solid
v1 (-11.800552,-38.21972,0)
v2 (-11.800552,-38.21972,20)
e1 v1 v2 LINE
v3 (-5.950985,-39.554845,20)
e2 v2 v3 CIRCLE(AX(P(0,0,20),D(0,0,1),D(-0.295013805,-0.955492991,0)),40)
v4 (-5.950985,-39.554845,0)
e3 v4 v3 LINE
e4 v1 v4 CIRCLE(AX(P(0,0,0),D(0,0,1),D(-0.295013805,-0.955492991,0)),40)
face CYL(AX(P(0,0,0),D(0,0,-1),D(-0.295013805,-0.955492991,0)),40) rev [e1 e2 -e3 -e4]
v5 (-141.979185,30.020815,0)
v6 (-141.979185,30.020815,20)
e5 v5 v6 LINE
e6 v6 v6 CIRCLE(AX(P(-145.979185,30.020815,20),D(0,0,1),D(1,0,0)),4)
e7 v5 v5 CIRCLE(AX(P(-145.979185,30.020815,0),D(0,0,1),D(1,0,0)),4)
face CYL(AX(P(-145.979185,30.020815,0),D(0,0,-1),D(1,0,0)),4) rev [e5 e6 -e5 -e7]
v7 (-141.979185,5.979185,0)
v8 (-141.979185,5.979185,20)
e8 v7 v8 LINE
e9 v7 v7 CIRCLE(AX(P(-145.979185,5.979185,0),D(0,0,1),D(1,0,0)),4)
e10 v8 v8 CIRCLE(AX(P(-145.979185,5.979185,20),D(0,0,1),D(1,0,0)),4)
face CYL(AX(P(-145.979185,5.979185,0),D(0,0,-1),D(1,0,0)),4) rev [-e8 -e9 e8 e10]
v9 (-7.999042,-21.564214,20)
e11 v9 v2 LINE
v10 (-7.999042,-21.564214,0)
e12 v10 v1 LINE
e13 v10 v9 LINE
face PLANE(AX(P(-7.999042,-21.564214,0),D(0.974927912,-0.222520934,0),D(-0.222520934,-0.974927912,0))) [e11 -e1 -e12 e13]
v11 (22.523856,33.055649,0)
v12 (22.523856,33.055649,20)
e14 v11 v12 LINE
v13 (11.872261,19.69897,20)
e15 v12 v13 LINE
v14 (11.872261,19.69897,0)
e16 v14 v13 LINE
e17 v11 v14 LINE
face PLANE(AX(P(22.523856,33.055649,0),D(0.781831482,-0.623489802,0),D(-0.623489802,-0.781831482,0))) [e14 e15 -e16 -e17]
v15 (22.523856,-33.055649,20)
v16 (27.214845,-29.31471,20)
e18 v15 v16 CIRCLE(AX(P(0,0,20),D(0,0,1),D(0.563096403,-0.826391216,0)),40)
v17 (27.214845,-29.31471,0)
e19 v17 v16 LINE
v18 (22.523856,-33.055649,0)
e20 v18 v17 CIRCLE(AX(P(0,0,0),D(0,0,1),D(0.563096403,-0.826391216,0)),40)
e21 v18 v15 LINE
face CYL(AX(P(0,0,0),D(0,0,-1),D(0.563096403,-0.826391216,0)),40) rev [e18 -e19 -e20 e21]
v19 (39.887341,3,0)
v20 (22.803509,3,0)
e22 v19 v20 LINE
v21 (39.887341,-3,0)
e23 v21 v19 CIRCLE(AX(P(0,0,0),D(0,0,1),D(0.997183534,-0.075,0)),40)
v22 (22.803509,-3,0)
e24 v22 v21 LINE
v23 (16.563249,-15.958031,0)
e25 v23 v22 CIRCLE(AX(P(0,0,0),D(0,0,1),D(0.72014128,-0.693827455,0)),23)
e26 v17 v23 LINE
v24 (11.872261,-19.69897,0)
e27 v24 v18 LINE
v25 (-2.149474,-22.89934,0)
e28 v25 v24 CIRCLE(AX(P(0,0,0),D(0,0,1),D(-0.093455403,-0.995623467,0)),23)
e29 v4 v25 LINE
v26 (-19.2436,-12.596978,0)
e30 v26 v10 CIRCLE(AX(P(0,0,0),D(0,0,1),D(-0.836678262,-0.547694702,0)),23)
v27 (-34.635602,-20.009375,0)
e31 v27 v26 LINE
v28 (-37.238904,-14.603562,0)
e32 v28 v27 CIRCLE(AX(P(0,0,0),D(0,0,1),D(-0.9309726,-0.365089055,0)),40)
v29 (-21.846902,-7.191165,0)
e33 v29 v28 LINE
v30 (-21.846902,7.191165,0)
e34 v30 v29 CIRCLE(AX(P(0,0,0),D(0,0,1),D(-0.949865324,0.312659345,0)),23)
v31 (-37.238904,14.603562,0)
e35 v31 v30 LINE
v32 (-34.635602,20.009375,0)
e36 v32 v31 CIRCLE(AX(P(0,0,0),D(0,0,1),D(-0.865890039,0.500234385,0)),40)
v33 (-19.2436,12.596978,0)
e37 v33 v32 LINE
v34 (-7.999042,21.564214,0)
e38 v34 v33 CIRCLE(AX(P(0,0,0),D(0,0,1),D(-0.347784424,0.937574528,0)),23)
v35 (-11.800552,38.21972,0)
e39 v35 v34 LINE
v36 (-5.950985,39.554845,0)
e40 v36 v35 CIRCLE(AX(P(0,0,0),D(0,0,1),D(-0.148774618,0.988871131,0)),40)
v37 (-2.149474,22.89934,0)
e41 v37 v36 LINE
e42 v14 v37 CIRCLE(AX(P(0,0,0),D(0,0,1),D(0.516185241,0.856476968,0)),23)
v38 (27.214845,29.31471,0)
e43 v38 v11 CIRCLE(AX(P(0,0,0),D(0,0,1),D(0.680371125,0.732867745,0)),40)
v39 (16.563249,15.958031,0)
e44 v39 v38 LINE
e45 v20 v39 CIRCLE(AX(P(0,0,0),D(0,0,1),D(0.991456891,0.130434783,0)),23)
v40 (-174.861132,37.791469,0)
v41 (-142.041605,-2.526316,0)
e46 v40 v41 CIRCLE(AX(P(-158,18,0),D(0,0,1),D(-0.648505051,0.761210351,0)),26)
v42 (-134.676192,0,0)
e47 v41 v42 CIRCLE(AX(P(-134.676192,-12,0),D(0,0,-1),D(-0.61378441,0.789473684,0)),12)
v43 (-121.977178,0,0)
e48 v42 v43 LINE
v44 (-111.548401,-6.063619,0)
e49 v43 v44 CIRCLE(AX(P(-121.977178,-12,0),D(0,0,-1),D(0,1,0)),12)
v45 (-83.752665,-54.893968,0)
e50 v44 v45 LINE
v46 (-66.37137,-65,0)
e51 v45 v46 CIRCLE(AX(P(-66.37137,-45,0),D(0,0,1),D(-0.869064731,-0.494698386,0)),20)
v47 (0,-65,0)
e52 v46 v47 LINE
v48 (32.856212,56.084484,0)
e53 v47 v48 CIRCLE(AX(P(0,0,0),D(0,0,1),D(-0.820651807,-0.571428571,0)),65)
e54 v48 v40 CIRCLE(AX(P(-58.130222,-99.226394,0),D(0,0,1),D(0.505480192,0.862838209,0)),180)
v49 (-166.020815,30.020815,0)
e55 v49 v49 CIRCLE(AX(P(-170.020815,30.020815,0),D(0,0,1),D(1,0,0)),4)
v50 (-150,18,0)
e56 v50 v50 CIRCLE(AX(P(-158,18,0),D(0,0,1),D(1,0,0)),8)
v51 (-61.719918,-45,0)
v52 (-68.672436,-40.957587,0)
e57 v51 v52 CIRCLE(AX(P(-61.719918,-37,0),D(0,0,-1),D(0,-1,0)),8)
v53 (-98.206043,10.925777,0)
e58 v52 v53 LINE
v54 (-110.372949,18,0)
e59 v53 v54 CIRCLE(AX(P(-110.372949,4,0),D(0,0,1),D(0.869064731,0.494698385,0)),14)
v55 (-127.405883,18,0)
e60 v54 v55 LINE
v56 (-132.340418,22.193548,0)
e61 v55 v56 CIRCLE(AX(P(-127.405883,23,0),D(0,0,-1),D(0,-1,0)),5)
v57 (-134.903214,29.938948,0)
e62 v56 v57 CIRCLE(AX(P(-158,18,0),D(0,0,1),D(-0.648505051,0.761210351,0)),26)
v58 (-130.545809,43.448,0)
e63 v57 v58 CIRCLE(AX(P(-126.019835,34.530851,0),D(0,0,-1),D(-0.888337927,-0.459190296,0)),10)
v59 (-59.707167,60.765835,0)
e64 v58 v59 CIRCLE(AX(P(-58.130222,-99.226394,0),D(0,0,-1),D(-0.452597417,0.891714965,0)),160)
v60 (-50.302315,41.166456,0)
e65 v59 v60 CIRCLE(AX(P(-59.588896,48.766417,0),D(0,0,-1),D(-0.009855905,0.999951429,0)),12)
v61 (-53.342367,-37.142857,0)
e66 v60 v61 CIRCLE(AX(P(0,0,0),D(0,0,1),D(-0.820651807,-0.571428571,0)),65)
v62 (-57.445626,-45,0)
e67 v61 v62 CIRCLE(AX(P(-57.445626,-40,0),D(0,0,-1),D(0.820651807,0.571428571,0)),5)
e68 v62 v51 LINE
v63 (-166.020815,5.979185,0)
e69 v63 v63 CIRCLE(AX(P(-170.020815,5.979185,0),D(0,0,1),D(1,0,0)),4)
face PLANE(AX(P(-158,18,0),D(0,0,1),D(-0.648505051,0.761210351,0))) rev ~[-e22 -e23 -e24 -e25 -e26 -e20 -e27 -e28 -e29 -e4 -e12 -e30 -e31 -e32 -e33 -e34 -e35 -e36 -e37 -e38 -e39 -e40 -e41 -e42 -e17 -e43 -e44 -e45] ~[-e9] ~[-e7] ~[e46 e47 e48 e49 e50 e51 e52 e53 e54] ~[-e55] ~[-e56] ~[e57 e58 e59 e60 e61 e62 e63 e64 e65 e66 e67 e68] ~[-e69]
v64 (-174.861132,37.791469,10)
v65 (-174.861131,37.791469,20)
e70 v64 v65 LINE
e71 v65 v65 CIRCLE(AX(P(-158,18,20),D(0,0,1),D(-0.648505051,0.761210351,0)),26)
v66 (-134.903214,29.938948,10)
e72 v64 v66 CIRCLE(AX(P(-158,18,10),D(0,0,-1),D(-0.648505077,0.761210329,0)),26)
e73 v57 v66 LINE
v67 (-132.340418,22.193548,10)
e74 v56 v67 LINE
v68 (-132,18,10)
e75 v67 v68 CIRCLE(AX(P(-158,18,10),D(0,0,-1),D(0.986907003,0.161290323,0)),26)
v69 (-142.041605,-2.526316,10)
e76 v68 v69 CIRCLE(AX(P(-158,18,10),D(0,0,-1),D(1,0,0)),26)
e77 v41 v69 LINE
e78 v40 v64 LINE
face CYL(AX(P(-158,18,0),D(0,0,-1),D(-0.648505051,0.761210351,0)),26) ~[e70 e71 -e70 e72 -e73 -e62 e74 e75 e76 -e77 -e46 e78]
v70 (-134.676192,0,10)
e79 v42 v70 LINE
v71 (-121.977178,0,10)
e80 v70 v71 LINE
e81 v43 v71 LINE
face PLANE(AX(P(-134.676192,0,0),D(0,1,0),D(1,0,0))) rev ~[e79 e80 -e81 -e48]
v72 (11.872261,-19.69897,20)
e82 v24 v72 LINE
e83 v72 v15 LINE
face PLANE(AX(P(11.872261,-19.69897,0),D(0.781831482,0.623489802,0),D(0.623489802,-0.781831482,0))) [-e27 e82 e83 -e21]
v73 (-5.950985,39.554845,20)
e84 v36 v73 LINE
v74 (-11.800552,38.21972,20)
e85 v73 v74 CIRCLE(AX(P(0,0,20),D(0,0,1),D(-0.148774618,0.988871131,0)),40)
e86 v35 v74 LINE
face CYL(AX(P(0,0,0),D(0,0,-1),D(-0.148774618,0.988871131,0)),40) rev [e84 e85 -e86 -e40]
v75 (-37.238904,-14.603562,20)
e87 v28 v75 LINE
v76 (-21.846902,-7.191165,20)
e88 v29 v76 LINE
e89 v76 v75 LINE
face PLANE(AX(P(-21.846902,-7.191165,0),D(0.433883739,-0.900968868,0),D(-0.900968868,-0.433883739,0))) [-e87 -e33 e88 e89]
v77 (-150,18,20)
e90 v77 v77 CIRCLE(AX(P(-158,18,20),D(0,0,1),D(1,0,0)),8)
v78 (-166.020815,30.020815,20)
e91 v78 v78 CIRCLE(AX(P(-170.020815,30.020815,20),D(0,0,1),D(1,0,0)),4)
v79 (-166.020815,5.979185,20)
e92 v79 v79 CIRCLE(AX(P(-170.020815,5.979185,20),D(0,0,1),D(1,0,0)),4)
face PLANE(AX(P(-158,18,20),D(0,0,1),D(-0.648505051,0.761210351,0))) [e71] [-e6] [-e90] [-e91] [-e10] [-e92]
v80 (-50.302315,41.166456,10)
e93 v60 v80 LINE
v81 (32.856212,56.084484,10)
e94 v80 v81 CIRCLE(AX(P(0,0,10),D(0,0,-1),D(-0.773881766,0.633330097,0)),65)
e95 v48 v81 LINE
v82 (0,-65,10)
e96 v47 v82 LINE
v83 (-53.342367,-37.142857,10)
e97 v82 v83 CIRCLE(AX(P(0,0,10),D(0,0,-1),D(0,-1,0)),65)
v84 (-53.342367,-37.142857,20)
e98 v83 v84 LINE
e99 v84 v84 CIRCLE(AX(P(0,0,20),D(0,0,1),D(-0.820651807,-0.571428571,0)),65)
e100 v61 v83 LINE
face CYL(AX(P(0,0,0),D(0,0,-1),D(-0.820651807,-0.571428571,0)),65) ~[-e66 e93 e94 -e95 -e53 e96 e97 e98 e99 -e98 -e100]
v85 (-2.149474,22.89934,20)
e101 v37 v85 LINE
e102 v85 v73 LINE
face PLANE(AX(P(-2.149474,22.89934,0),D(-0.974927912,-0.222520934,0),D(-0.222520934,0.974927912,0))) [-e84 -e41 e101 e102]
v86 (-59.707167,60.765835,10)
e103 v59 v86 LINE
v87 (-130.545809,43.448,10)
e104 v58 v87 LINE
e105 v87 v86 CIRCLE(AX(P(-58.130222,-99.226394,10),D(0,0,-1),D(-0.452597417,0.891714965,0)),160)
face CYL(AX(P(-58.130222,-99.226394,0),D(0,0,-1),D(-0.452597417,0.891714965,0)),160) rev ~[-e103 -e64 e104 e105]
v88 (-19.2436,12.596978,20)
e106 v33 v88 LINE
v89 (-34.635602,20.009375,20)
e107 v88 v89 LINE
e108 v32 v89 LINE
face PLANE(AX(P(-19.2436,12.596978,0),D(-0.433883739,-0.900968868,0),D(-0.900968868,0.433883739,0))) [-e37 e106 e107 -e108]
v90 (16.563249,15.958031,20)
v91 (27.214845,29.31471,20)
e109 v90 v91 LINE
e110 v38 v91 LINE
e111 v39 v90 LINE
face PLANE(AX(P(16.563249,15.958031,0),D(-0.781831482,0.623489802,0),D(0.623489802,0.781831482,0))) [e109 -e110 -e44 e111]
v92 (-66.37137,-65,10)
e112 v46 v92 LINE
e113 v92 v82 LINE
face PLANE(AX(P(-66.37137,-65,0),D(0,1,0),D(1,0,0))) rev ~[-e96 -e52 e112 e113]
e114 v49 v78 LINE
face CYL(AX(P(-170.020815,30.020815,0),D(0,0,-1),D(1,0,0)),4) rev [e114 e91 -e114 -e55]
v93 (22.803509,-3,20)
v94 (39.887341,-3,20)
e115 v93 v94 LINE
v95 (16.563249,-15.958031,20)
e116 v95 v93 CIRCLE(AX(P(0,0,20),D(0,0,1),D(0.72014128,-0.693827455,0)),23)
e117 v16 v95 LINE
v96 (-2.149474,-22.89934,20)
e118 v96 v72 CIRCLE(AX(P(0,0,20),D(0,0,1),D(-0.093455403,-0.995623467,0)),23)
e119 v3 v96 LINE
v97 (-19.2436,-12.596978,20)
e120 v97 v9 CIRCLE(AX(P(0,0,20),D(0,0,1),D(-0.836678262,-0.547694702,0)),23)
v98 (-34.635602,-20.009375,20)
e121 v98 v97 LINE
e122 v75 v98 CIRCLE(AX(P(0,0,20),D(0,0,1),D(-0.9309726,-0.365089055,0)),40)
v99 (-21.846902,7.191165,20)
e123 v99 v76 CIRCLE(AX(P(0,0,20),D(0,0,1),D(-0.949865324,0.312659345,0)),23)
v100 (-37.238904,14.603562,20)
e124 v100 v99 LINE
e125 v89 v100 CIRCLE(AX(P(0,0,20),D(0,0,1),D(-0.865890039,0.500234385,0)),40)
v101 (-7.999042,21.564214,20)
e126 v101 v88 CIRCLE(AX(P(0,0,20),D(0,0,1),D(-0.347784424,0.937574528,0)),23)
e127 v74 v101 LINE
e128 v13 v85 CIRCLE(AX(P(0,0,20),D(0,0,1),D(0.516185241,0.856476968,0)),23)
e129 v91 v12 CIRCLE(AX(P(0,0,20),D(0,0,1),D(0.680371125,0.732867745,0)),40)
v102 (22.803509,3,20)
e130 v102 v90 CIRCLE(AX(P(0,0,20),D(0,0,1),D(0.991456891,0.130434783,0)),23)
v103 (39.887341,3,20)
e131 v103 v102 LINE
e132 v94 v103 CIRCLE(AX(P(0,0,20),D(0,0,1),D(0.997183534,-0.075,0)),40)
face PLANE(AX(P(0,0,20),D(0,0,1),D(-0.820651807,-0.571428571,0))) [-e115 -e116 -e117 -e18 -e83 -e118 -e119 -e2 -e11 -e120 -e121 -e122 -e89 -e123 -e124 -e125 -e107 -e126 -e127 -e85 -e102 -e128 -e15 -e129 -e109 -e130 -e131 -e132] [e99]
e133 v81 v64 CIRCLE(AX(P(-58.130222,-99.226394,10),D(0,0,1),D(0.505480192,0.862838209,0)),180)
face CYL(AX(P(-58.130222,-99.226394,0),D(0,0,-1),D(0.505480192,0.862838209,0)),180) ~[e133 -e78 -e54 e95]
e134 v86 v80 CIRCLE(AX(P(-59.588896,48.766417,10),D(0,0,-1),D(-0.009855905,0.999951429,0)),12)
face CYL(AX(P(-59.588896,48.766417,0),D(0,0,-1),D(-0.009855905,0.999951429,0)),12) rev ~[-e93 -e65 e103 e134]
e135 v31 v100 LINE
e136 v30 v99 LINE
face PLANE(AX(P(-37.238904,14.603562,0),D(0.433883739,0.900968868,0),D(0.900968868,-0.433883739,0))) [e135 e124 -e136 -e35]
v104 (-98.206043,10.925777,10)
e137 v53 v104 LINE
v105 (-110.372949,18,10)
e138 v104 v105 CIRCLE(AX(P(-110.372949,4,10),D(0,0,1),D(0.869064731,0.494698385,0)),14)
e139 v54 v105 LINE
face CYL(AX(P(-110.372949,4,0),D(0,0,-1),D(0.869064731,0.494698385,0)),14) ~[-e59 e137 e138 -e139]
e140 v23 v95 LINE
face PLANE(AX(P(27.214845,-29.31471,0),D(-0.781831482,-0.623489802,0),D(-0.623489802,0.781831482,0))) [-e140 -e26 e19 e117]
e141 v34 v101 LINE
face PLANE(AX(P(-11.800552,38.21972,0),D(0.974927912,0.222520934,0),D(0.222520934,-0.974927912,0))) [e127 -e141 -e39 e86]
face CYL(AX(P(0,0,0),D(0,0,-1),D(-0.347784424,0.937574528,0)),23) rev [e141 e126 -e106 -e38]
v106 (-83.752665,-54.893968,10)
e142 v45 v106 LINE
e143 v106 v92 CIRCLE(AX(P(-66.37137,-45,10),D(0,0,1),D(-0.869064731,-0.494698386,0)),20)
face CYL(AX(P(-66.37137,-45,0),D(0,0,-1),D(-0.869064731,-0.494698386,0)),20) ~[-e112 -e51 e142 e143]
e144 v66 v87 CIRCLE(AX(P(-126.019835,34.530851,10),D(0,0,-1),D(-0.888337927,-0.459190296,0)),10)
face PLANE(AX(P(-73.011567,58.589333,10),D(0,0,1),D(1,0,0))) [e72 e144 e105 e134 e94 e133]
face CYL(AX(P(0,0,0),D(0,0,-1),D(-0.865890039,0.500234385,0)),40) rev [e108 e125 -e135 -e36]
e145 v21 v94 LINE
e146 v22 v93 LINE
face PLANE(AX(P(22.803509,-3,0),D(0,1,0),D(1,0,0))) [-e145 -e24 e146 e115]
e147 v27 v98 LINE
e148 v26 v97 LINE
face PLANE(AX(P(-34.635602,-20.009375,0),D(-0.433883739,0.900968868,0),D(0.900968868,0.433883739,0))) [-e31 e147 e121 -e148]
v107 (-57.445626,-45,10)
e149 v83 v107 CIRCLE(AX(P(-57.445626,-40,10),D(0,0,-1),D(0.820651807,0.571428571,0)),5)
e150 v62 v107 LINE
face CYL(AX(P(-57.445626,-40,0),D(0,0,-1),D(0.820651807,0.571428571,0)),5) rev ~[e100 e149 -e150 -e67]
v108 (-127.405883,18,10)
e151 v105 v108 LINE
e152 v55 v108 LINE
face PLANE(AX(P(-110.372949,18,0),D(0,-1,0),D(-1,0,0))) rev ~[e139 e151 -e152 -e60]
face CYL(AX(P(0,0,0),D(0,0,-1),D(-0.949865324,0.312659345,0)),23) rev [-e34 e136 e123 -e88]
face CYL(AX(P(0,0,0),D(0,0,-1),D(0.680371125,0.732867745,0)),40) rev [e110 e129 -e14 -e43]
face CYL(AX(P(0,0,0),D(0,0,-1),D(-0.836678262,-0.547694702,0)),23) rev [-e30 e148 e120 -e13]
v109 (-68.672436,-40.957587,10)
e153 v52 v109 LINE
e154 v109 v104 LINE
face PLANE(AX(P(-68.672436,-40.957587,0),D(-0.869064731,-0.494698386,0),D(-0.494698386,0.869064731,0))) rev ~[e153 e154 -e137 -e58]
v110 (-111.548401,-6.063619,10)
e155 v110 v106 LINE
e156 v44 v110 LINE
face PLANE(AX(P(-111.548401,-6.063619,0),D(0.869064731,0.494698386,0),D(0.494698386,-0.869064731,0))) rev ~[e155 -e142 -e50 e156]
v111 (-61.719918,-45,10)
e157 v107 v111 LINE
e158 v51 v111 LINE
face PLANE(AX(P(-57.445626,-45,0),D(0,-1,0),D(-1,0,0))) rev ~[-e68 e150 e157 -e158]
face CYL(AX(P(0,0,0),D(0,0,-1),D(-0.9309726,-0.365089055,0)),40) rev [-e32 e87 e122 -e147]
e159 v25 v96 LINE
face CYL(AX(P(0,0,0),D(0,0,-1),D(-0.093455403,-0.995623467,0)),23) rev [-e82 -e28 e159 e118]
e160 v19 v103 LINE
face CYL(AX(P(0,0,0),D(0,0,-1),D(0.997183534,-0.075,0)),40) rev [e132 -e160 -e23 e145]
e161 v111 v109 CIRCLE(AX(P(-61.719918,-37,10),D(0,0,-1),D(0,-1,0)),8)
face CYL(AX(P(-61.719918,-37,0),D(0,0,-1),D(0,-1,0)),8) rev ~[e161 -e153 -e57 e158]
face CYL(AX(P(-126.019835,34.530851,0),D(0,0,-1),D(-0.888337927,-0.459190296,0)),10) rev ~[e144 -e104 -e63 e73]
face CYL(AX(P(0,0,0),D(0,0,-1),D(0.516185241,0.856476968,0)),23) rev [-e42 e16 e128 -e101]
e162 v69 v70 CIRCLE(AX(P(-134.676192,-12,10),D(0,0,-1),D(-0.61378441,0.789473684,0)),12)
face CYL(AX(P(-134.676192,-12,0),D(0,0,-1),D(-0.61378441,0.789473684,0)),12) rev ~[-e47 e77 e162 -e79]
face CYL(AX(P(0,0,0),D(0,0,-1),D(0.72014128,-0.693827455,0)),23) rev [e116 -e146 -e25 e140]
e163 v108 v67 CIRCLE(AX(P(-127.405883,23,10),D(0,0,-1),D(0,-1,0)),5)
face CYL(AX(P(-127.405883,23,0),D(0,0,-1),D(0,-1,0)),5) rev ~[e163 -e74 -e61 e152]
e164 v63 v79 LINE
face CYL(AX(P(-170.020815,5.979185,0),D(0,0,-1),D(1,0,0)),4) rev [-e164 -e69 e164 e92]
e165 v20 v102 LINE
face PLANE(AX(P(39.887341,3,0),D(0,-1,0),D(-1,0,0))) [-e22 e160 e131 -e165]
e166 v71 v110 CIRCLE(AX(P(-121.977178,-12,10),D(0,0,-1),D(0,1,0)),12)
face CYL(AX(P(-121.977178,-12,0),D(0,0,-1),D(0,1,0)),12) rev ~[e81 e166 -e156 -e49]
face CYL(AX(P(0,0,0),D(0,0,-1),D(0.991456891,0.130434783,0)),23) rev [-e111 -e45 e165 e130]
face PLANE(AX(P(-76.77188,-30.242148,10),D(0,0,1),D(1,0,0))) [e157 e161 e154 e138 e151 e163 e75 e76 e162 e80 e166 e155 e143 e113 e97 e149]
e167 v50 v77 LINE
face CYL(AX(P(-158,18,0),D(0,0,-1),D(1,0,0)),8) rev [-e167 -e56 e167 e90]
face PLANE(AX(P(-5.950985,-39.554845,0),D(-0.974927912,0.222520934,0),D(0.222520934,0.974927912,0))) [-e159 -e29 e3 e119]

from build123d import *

# Parameters (mm, degrees)
EXTRUDE_1_DEPTH   = 10
EXTRUDE_1_2_DEPTH = 10
SKETCH_2_3_R      = 65
SKETCH_2_3_R_2    = 26
SKETCH_2_3_R_3    = 4
SKETCH_2_3_R_4    = 8
EXTRUDE_2_DEPTH   = 20


with BuildPart() as part:
    # Эскиз2 → Бобышка-Вытянуть1 (new body)
    with BuildSketch(Plane.XY):
        with BuildLine():
            Line((-66.371369906, -65), (0, -65))
            ThreePointArc((0, -65), (-30.089153243, -57.616341928), (-53.342367432, -37.142857143))
            ThreePointArc((-53.342367432, -37.142857143), (-53.013600163, -42.314550249), (-57.445626465, -45))
            Line((-57.445626465, -45), (-61.719917869, -45))
            ThreePointArc((-61.719917869, -45), (-65.741068408, -43.915948839), (-68.67243572, -40.957587084))
            Line((-68.67243572, -40.957587084), (-98.206043194, 10.925777398))
            ThreePointArc((-98.206043194, 10.925777398), (-103.335935989, 16.102910468), (-110.372949433, 18))
            Line((-110.372949433, 18), (-127.405882918, 18))
            ThreePointArc((-127.405882918, 18), (-130.643763547, 19.18999619), (-132.340417932, 22.193548387))
            ThreePointArc((-132.340417932, 22.193548387), (-133.797067988, 8.501680041), (-142.04160534, -2.526315789))
            ThreePointArc((-142.04160534, -2.526315789), (-138.569506528, -0.649136365), (-134.676192421, 0))
            Line((-134.676192421, 0), (-121.977178056, 0))
            ThreePointArc((-121.977178056, 0), (-115.945452247, -1.626076742), (-111.54840128, -6.063619373))
            Line((-111.54840128, -6.063619373), (-83.752664534, -54.893967711))
            ThreePointArc((-83.752664534, -54.893967711), (-76.424246255, -62.289872096), (-66.371369906, -65))
        make_face()
    extrude(amount=EXTRUDE_1_DEPTH)



with BuildPart() as body_2:
    # Эскиз2 → Extrude 1 2 (new body)
    with BuildSketch(Plane.XY):
        with BuildLine():
            ThreePointArc((-59.707166842, 60.765834645), (-48.770005737, 53.957911858), (-50.302314794, 41.166456325))
            ThreePointArc((-50.302314794, 41.166456325), (-11.477303942, 63.978679997), (32.856212496, 56.084483598))
            ThreePointArc((32.856212496, 56.084483598), (-73.921140449, 80.079620615), (-174.861132012, 37.791468547))
            ThreePointArc((-174.861132012, 37.791468547), (-152.986381903, 43.512029194), (-134.903213902, 29.93894769))
            ThreePointArc((-134.903213902, 29.93894769), (-135.536993635, 37.600652682), (-130.545808802, 43.448000294))
            ThreePointArc((-130.545808802, 43.448000294), (-96.126281422, 56.196575534), (-59.707166842, 60.765834645))
        make_face()
    extrude(amount=EXTRUDE_1_2_DEPTH)


with BuildPart() as part_1:
    add(part.part)

    add(body_2.part)  # Бобышка-Вытянуть2 merges body 2
    # Эскиз2<3> → Бобышка-Вытянуть2 (add)
    # profile 1 of 2: a face of its own
    with BuildSketch(Plane.XY):
        Circle(SKETCH_2_3_R)
        with BuildLine():
            Line((22.803508502, 3), (39.88734135, 3))
            ThreePointArc((39.88734135, 3), (40, 0), (39.88734135, -3))
            Line((39.88734135, -3), (22.803508502, -3))
            ThreePointArc((22.803508502, -3), (20.722283962, -9.979326), (16.563249445, -15.958031452))
            Line((16.563249445, -15.958031452), (27.214845003, -29.314709814))
            ThreePointArc((27.214845003, -29.314709814), (24.939592074, -31.273259299), (22.523856108, -33.055648625))
            Line((22.523856108, -33.055648625), (11.87226055, -19.698970263))
            ThreePointArc((11.87226055, -19.698970263), (5.117981481, -22.42334198), (-2.149474273, -22.899339736))
            Line((-2.149474273, -22.899339736), (-5.950984714, -39.554845227))
            ThreePointArc((-5.950984714, -39.554845227), (-8.900837358, -38.997116487), (-11.800552187, -38.219719623))
            Line((-11.800552187, -38.219719623), (-7.999041746, -21.564214132))
            ThreePointArc((-7.999041746, -21.564214132), (-14.340265443, -17.982124097), (-19.243600022, -12.596978138))
            Line((-19.243600022, -12.596978138), (-34.635601563, -20.009375412))
            ThreePointArc((-34.635601563, -20.009375412), (-36.038754716, -17.355349565), (-37.238903997, -14.603562205))
            Line((-37.238903997, -14.603562205), (-21.846902457, -7.19116493))
            ThreePointArc((-21.846902457, -7.19116493), (-23, 0), (-21.846902457, 7.19116493))
            Line((-21.846902457, 7.19116493), (-37.238903997, 14.603562205))
            ThreePointArc((-37.238903997, 14.603562205), (-36.038754716, 17.355349565), (-34.635601563, 20.009375412))
            Line((-34.635601563, 20.009375412), (-19.243600022, 12.596978138))
            ThreePointArc((-19.243600022, 12.596978138), (-14.340265443, 17.982124097), (-7.999041746, 21.564214132))
            Line((-7.999041746, 21.564214132), (-11.800552187, 38.219719623))
            ThreePointArc((-11.800552187, 38.219719623), (-8.900837358, 38.997116487), (-5.950984714, 39.554845227))
            Line((-5.950984714, 39.554845227), (-2.149474273, 22.899339736))
            ThreePointArc((-2.149474273, 22.899339736), (5.117981481, 22.42334198), (11.87226055, 19.698970263))
            Line((11.87226055, 19.698970263), (22.523856108, 33.055648625))
            ThreePointArc((22.523856108, 33.055648625), (24.939592074, 31.273259299), (27.214845003, 29.314709814))
            Line((27.214845003, 29.314709814), (16.563249445, 15.958031452))
            ThreePointArc((16.563249445, 15.958031452), (20.722283962, 9.979326), (22.803508502, 3))
        make_face(mode=Mode.SUBTRACT)
    # profile 2 of 2: a face of its own
    with BuildSketch(Plane.XY):
        with Locations((-158, 18)):
            Circle(SKETCH_2_3_R_2)
        with Locations((-170.02081528, 5.97918472)):
            Circle(SKETCH_2_3_R_3, mode=Mode.SUBTRACT)
        with Locations((-145.97918472, 5.97918472)):
            Circle(SKETCH_2_3_R_3, mode=Mode.SUBTRACT)
        with Locations((-158, 18)):
            Circle(SKETCH_2_3_R_4, mode=Mode.SUBTRACT)
        with Locations((-170.02081528, 30.02081528)):
            Circle(SKETCH_2_3_R_3, mode=Mode.SUBTRACT)
        with Locations((-145.97918472, 30.02081528)):
            Circle(SKETCH_2_3_R_3, mode=Mode.SUBTRACT)
    extrude(amount=EXTRUDE_2_DEPTH)


solid = part_1.part
